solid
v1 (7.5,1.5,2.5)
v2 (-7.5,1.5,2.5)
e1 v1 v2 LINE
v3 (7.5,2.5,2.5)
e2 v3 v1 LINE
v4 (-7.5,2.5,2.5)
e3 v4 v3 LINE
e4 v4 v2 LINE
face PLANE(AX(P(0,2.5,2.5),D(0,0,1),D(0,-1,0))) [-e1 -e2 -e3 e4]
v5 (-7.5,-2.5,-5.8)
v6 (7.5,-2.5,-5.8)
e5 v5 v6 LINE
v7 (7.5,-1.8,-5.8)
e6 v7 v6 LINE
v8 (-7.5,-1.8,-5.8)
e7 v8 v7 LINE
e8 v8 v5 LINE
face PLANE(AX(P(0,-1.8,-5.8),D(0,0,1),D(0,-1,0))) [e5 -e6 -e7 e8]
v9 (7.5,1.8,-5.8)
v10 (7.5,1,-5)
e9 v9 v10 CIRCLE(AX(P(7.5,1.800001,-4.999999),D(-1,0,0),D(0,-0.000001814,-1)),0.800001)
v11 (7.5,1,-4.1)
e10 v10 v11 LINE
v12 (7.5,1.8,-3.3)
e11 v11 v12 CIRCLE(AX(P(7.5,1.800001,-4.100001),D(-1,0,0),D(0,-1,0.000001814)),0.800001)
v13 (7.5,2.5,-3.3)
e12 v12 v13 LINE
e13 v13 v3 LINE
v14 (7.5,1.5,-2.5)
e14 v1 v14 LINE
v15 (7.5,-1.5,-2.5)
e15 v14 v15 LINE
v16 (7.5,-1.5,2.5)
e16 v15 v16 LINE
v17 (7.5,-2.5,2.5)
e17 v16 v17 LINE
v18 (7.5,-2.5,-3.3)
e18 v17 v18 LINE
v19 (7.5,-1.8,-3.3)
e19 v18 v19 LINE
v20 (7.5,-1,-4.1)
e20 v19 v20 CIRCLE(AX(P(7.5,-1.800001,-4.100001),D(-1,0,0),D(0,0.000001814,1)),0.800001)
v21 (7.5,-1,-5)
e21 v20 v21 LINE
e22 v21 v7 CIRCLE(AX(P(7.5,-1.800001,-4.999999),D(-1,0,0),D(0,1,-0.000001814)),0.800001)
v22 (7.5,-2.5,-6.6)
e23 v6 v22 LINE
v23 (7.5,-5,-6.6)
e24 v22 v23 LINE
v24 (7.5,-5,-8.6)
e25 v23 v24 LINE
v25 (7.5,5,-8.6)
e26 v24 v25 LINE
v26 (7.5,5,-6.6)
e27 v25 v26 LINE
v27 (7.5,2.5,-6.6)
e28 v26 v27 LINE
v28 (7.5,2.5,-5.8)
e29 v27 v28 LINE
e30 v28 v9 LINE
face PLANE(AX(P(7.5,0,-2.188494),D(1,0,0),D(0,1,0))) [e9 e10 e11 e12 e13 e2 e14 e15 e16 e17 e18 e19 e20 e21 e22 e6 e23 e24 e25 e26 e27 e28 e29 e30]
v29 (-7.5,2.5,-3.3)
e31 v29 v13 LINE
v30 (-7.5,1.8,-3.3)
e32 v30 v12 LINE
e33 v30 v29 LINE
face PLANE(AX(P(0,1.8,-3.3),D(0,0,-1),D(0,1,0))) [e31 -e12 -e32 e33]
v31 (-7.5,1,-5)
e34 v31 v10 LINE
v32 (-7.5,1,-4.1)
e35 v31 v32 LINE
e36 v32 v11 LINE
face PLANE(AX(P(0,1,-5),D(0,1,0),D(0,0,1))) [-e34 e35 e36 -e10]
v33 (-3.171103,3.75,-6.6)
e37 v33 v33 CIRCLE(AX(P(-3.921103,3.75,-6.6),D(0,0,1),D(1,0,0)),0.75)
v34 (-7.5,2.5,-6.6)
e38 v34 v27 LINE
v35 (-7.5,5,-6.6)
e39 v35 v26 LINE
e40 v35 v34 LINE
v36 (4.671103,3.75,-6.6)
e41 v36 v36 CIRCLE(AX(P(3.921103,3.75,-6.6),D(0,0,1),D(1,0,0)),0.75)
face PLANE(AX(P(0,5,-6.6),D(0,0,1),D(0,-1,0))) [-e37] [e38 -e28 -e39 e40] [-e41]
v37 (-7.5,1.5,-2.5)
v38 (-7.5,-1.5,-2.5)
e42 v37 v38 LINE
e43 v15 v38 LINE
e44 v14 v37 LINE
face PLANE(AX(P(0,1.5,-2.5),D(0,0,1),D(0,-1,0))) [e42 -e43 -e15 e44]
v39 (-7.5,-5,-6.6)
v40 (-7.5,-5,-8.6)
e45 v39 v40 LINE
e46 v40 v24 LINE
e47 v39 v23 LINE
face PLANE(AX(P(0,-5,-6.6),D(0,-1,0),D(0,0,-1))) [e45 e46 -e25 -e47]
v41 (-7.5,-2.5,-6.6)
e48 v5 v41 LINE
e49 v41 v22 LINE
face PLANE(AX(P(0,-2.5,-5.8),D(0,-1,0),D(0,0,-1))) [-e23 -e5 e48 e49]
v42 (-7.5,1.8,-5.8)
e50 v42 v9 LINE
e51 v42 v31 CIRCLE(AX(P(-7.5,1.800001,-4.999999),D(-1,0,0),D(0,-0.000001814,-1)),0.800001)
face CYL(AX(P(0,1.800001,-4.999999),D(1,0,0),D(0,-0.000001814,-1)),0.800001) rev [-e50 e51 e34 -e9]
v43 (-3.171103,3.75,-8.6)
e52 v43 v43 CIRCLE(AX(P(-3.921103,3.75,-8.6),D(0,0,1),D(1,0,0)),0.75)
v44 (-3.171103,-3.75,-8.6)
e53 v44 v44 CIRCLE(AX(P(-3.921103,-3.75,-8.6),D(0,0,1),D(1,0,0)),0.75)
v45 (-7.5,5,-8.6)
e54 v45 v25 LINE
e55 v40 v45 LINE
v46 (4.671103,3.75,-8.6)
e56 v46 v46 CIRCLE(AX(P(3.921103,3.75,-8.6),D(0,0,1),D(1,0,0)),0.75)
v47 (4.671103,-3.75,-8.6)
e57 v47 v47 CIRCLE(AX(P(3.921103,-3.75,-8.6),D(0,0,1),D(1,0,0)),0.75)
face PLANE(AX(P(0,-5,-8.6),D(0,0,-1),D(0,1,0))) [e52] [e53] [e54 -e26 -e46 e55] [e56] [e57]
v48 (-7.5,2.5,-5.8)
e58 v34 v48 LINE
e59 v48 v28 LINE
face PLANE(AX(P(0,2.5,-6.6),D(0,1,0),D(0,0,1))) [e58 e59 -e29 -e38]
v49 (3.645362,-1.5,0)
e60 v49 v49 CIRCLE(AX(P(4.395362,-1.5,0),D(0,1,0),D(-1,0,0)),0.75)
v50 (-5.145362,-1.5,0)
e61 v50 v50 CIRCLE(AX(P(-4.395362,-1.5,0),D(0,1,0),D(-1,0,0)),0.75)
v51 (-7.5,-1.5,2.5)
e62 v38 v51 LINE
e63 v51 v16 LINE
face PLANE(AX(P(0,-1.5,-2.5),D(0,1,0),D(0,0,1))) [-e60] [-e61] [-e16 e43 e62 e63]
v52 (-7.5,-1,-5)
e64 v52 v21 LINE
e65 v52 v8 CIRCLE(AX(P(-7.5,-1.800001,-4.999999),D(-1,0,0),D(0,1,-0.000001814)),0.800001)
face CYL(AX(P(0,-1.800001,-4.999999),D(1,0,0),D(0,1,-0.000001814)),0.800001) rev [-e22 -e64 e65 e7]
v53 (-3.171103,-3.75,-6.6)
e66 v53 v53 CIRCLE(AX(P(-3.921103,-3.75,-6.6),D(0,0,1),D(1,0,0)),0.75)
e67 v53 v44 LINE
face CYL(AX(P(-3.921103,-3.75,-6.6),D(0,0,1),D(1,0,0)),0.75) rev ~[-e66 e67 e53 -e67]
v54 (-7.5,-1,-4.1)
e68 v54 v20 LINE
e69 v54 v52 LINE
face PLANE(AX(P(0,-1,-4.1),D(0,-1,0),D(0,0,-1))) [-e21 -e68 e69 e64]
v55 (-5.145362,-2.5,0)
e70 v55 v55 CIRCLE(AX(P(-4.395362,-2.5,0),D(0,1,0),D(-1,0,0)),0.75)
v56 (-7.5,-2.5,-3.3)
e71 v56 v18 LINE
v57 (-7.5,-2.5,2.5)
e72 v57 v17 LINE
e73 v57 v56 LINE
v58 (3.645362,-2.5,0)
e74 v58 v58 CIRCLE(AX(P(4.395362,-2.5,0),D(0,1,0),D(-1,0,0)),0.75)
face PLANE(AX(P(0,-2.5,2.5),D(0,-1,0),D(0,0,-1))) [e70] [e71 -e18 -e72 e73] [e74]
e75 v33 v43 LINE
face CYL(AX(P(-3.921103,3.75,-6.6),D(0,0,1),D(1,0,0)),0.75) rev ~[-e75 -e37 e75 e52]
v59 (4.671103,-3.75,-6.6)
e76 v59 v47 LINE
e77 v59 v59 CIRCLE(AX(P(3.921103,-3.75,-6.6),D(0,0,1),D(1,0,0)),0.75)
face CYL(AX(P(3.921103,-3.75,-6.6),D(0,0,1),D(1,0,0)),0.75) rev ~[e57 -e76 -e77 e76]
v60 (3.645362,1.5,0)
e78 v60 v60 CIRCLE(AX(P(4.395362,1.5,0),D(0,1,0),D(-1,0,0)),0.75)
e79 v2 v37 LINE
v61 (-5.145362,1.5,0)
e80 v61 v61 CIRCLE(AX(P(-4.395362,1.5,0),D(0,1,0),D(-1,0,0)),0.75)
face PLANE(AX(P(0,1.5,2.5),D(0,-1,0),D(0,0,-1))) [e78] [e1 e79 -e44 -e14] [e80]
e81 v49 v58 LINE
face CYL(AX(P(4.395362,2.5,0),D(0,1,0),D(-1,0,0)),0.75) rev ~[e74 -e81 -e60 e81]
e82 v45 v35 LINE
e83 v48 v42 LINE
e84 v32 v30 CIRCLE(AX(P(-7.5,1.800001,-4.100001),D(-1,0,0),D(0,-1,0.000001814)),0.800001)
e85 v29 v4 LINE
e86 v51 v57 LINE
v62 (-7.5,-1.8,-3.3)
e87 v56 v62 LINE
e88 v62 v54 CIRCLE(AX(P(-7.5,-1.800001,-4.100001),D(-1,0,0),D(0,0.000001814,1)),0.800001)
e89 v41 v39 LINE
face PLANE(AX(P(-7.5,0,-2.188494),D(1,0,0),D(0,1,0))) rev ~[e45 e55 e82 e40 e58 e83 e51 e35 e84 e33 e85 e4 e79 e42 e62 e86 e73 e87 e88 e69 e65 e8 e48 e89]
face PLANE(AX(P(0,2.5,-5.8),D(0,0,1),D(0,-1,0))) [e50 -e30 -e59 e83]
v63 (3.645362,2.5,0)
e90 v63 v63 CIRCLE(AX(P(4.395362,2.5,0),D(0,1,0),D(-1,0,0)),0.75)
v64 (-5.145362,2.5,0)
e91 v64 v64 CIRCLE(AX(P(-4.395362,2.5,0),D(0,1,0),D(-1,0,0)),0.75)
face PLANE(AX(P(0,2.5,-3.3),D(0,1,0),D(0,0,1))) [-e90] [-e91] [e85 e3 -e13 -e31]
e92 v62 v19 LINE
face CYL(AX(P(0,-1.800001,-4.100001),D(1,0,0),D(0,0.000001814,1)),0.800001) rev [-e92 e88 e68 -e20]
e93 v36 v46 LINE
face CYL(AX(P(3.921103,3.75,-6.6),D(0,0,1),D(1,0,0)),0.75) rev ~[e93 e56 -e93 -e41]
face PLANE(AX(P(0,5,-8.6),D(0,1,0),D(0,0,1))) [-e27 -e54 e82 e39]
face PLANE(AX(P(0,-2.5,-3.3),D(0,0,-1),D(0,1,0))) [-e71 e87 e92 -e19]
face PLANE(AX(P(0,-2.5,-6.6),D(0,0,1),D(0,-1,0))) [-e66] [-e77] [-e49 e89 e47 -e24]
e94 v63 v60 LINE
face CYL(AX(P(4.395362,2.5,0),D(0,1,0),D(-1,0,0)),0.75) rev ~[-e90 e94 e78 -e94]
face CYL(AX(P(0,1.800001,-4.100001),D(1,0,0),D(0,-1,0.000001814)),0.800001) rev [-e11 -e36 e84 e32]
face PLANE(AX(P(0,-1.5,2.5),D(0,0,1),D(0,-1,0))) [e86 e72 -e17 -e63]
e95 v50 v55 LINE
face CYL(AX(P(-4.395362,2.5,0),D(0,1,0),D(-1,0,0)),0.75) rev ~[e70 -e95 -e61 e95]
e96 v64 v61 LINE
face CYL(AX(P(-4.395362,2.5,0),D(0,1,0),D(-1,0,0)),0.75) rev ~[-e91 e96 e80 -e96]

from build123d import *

# Parameters (mm, degrees)
F1_DEPTH = 7.5
F2_R     = 0.75
F3_DEPTH = 7.501
F4_R     = 0.75
F5_DEPTH = 2.001


with BuildPart() as f1:
    # F0 (on Right) → F1 (new body, symmetric)
    with BuildSketch(Plane.YZ):
        with BuildLine():
            Line((-1.5, -2.5), (-1.5, 2.5))
            Line((-1.5, 2.5), (-2.5, 2.5))
            Line((-2.5, 2.5), (-2.5, -3.3))
            Line((-2.5, -3.3), (-1.8, -3.3))
            ThreePointArc((-1.8, -3.3), (-1.234315, -3.534315), (-1, -4.1))
            Line((-1, -4.1), (-1, -5))
            ThreePointArc((-1, -5), (-1.234315, -5.565685), (-1.8, -5.8))
            Line((-1.8, -5.8), (-2.5, -5.8))
            Line((-2.5, -5.8), (-2.5, -6.6))
            Line((-2.5, -6.6), (2.5, -6.6))
            Line((2.5, -6.6), (2.5, -5.8))
            Line((2.5, -5.8), (1.8, -5.8))
            ThreePointArc((1.8, -5.8), (1.234315, -5.565685), (1, -5))
            Line((1, -5), (1, -4.1))
            ThreePointArc((1, -4.1), (1.234315, -3.534315), (1.8, -3.3))
            Line((1.8, -3.3), (2.5, -3.3))
            Line((2.5, -3.3), (2.5, 2.5))
            Line((2.5, 2.5), (1.5, 2.5))
            Line((1.5, 2.5), (1.5, -2.5))
            Line((1.5, -2.5), (-1.5, -2.5))
        make_face()
        Polygon((2.5, -6.6), (-2.5, -6.6), (-5, -6.6), (-5, -8.6), (5, -8.6), (5, -6.6), align=None)
    extrude(amount=F1_DEPTH, both=True)

    # F2 (on face) → F3 (cut, through all)
    with BuildSketch(Plane(origin=(0, 2.5, 0), x_dir=(-1, 0, 0), z_dir=(0, 1, 0))):
        with Locations((-4.395362, 0)):
            Circle(F2_R)
        with Locations((4.395362, 0)):
            Circle(F2_R)
    extrude(amount=-F3_DEPTH, mode=Mode.SUBTRACT)

    # F4 (on face) → F5 (cut, through all)
    with BuildSketch(Plane.XY.offset(-6.6)):
        with Locations((-3.921103, -3.75)):
            Circle(F4_R)
        with Locations((3.921103, -3.75)):
            Circle(F4_R)
        with Locations((3.921103, 3.75)):
            Circle(F4_R)
        with Locations((-3.921103, 3.75)):
            Circle(F4_R)
    extrude(amount=-F5_DEPTH, mode=Mode.SUBTRACT)


solid = f1.part
